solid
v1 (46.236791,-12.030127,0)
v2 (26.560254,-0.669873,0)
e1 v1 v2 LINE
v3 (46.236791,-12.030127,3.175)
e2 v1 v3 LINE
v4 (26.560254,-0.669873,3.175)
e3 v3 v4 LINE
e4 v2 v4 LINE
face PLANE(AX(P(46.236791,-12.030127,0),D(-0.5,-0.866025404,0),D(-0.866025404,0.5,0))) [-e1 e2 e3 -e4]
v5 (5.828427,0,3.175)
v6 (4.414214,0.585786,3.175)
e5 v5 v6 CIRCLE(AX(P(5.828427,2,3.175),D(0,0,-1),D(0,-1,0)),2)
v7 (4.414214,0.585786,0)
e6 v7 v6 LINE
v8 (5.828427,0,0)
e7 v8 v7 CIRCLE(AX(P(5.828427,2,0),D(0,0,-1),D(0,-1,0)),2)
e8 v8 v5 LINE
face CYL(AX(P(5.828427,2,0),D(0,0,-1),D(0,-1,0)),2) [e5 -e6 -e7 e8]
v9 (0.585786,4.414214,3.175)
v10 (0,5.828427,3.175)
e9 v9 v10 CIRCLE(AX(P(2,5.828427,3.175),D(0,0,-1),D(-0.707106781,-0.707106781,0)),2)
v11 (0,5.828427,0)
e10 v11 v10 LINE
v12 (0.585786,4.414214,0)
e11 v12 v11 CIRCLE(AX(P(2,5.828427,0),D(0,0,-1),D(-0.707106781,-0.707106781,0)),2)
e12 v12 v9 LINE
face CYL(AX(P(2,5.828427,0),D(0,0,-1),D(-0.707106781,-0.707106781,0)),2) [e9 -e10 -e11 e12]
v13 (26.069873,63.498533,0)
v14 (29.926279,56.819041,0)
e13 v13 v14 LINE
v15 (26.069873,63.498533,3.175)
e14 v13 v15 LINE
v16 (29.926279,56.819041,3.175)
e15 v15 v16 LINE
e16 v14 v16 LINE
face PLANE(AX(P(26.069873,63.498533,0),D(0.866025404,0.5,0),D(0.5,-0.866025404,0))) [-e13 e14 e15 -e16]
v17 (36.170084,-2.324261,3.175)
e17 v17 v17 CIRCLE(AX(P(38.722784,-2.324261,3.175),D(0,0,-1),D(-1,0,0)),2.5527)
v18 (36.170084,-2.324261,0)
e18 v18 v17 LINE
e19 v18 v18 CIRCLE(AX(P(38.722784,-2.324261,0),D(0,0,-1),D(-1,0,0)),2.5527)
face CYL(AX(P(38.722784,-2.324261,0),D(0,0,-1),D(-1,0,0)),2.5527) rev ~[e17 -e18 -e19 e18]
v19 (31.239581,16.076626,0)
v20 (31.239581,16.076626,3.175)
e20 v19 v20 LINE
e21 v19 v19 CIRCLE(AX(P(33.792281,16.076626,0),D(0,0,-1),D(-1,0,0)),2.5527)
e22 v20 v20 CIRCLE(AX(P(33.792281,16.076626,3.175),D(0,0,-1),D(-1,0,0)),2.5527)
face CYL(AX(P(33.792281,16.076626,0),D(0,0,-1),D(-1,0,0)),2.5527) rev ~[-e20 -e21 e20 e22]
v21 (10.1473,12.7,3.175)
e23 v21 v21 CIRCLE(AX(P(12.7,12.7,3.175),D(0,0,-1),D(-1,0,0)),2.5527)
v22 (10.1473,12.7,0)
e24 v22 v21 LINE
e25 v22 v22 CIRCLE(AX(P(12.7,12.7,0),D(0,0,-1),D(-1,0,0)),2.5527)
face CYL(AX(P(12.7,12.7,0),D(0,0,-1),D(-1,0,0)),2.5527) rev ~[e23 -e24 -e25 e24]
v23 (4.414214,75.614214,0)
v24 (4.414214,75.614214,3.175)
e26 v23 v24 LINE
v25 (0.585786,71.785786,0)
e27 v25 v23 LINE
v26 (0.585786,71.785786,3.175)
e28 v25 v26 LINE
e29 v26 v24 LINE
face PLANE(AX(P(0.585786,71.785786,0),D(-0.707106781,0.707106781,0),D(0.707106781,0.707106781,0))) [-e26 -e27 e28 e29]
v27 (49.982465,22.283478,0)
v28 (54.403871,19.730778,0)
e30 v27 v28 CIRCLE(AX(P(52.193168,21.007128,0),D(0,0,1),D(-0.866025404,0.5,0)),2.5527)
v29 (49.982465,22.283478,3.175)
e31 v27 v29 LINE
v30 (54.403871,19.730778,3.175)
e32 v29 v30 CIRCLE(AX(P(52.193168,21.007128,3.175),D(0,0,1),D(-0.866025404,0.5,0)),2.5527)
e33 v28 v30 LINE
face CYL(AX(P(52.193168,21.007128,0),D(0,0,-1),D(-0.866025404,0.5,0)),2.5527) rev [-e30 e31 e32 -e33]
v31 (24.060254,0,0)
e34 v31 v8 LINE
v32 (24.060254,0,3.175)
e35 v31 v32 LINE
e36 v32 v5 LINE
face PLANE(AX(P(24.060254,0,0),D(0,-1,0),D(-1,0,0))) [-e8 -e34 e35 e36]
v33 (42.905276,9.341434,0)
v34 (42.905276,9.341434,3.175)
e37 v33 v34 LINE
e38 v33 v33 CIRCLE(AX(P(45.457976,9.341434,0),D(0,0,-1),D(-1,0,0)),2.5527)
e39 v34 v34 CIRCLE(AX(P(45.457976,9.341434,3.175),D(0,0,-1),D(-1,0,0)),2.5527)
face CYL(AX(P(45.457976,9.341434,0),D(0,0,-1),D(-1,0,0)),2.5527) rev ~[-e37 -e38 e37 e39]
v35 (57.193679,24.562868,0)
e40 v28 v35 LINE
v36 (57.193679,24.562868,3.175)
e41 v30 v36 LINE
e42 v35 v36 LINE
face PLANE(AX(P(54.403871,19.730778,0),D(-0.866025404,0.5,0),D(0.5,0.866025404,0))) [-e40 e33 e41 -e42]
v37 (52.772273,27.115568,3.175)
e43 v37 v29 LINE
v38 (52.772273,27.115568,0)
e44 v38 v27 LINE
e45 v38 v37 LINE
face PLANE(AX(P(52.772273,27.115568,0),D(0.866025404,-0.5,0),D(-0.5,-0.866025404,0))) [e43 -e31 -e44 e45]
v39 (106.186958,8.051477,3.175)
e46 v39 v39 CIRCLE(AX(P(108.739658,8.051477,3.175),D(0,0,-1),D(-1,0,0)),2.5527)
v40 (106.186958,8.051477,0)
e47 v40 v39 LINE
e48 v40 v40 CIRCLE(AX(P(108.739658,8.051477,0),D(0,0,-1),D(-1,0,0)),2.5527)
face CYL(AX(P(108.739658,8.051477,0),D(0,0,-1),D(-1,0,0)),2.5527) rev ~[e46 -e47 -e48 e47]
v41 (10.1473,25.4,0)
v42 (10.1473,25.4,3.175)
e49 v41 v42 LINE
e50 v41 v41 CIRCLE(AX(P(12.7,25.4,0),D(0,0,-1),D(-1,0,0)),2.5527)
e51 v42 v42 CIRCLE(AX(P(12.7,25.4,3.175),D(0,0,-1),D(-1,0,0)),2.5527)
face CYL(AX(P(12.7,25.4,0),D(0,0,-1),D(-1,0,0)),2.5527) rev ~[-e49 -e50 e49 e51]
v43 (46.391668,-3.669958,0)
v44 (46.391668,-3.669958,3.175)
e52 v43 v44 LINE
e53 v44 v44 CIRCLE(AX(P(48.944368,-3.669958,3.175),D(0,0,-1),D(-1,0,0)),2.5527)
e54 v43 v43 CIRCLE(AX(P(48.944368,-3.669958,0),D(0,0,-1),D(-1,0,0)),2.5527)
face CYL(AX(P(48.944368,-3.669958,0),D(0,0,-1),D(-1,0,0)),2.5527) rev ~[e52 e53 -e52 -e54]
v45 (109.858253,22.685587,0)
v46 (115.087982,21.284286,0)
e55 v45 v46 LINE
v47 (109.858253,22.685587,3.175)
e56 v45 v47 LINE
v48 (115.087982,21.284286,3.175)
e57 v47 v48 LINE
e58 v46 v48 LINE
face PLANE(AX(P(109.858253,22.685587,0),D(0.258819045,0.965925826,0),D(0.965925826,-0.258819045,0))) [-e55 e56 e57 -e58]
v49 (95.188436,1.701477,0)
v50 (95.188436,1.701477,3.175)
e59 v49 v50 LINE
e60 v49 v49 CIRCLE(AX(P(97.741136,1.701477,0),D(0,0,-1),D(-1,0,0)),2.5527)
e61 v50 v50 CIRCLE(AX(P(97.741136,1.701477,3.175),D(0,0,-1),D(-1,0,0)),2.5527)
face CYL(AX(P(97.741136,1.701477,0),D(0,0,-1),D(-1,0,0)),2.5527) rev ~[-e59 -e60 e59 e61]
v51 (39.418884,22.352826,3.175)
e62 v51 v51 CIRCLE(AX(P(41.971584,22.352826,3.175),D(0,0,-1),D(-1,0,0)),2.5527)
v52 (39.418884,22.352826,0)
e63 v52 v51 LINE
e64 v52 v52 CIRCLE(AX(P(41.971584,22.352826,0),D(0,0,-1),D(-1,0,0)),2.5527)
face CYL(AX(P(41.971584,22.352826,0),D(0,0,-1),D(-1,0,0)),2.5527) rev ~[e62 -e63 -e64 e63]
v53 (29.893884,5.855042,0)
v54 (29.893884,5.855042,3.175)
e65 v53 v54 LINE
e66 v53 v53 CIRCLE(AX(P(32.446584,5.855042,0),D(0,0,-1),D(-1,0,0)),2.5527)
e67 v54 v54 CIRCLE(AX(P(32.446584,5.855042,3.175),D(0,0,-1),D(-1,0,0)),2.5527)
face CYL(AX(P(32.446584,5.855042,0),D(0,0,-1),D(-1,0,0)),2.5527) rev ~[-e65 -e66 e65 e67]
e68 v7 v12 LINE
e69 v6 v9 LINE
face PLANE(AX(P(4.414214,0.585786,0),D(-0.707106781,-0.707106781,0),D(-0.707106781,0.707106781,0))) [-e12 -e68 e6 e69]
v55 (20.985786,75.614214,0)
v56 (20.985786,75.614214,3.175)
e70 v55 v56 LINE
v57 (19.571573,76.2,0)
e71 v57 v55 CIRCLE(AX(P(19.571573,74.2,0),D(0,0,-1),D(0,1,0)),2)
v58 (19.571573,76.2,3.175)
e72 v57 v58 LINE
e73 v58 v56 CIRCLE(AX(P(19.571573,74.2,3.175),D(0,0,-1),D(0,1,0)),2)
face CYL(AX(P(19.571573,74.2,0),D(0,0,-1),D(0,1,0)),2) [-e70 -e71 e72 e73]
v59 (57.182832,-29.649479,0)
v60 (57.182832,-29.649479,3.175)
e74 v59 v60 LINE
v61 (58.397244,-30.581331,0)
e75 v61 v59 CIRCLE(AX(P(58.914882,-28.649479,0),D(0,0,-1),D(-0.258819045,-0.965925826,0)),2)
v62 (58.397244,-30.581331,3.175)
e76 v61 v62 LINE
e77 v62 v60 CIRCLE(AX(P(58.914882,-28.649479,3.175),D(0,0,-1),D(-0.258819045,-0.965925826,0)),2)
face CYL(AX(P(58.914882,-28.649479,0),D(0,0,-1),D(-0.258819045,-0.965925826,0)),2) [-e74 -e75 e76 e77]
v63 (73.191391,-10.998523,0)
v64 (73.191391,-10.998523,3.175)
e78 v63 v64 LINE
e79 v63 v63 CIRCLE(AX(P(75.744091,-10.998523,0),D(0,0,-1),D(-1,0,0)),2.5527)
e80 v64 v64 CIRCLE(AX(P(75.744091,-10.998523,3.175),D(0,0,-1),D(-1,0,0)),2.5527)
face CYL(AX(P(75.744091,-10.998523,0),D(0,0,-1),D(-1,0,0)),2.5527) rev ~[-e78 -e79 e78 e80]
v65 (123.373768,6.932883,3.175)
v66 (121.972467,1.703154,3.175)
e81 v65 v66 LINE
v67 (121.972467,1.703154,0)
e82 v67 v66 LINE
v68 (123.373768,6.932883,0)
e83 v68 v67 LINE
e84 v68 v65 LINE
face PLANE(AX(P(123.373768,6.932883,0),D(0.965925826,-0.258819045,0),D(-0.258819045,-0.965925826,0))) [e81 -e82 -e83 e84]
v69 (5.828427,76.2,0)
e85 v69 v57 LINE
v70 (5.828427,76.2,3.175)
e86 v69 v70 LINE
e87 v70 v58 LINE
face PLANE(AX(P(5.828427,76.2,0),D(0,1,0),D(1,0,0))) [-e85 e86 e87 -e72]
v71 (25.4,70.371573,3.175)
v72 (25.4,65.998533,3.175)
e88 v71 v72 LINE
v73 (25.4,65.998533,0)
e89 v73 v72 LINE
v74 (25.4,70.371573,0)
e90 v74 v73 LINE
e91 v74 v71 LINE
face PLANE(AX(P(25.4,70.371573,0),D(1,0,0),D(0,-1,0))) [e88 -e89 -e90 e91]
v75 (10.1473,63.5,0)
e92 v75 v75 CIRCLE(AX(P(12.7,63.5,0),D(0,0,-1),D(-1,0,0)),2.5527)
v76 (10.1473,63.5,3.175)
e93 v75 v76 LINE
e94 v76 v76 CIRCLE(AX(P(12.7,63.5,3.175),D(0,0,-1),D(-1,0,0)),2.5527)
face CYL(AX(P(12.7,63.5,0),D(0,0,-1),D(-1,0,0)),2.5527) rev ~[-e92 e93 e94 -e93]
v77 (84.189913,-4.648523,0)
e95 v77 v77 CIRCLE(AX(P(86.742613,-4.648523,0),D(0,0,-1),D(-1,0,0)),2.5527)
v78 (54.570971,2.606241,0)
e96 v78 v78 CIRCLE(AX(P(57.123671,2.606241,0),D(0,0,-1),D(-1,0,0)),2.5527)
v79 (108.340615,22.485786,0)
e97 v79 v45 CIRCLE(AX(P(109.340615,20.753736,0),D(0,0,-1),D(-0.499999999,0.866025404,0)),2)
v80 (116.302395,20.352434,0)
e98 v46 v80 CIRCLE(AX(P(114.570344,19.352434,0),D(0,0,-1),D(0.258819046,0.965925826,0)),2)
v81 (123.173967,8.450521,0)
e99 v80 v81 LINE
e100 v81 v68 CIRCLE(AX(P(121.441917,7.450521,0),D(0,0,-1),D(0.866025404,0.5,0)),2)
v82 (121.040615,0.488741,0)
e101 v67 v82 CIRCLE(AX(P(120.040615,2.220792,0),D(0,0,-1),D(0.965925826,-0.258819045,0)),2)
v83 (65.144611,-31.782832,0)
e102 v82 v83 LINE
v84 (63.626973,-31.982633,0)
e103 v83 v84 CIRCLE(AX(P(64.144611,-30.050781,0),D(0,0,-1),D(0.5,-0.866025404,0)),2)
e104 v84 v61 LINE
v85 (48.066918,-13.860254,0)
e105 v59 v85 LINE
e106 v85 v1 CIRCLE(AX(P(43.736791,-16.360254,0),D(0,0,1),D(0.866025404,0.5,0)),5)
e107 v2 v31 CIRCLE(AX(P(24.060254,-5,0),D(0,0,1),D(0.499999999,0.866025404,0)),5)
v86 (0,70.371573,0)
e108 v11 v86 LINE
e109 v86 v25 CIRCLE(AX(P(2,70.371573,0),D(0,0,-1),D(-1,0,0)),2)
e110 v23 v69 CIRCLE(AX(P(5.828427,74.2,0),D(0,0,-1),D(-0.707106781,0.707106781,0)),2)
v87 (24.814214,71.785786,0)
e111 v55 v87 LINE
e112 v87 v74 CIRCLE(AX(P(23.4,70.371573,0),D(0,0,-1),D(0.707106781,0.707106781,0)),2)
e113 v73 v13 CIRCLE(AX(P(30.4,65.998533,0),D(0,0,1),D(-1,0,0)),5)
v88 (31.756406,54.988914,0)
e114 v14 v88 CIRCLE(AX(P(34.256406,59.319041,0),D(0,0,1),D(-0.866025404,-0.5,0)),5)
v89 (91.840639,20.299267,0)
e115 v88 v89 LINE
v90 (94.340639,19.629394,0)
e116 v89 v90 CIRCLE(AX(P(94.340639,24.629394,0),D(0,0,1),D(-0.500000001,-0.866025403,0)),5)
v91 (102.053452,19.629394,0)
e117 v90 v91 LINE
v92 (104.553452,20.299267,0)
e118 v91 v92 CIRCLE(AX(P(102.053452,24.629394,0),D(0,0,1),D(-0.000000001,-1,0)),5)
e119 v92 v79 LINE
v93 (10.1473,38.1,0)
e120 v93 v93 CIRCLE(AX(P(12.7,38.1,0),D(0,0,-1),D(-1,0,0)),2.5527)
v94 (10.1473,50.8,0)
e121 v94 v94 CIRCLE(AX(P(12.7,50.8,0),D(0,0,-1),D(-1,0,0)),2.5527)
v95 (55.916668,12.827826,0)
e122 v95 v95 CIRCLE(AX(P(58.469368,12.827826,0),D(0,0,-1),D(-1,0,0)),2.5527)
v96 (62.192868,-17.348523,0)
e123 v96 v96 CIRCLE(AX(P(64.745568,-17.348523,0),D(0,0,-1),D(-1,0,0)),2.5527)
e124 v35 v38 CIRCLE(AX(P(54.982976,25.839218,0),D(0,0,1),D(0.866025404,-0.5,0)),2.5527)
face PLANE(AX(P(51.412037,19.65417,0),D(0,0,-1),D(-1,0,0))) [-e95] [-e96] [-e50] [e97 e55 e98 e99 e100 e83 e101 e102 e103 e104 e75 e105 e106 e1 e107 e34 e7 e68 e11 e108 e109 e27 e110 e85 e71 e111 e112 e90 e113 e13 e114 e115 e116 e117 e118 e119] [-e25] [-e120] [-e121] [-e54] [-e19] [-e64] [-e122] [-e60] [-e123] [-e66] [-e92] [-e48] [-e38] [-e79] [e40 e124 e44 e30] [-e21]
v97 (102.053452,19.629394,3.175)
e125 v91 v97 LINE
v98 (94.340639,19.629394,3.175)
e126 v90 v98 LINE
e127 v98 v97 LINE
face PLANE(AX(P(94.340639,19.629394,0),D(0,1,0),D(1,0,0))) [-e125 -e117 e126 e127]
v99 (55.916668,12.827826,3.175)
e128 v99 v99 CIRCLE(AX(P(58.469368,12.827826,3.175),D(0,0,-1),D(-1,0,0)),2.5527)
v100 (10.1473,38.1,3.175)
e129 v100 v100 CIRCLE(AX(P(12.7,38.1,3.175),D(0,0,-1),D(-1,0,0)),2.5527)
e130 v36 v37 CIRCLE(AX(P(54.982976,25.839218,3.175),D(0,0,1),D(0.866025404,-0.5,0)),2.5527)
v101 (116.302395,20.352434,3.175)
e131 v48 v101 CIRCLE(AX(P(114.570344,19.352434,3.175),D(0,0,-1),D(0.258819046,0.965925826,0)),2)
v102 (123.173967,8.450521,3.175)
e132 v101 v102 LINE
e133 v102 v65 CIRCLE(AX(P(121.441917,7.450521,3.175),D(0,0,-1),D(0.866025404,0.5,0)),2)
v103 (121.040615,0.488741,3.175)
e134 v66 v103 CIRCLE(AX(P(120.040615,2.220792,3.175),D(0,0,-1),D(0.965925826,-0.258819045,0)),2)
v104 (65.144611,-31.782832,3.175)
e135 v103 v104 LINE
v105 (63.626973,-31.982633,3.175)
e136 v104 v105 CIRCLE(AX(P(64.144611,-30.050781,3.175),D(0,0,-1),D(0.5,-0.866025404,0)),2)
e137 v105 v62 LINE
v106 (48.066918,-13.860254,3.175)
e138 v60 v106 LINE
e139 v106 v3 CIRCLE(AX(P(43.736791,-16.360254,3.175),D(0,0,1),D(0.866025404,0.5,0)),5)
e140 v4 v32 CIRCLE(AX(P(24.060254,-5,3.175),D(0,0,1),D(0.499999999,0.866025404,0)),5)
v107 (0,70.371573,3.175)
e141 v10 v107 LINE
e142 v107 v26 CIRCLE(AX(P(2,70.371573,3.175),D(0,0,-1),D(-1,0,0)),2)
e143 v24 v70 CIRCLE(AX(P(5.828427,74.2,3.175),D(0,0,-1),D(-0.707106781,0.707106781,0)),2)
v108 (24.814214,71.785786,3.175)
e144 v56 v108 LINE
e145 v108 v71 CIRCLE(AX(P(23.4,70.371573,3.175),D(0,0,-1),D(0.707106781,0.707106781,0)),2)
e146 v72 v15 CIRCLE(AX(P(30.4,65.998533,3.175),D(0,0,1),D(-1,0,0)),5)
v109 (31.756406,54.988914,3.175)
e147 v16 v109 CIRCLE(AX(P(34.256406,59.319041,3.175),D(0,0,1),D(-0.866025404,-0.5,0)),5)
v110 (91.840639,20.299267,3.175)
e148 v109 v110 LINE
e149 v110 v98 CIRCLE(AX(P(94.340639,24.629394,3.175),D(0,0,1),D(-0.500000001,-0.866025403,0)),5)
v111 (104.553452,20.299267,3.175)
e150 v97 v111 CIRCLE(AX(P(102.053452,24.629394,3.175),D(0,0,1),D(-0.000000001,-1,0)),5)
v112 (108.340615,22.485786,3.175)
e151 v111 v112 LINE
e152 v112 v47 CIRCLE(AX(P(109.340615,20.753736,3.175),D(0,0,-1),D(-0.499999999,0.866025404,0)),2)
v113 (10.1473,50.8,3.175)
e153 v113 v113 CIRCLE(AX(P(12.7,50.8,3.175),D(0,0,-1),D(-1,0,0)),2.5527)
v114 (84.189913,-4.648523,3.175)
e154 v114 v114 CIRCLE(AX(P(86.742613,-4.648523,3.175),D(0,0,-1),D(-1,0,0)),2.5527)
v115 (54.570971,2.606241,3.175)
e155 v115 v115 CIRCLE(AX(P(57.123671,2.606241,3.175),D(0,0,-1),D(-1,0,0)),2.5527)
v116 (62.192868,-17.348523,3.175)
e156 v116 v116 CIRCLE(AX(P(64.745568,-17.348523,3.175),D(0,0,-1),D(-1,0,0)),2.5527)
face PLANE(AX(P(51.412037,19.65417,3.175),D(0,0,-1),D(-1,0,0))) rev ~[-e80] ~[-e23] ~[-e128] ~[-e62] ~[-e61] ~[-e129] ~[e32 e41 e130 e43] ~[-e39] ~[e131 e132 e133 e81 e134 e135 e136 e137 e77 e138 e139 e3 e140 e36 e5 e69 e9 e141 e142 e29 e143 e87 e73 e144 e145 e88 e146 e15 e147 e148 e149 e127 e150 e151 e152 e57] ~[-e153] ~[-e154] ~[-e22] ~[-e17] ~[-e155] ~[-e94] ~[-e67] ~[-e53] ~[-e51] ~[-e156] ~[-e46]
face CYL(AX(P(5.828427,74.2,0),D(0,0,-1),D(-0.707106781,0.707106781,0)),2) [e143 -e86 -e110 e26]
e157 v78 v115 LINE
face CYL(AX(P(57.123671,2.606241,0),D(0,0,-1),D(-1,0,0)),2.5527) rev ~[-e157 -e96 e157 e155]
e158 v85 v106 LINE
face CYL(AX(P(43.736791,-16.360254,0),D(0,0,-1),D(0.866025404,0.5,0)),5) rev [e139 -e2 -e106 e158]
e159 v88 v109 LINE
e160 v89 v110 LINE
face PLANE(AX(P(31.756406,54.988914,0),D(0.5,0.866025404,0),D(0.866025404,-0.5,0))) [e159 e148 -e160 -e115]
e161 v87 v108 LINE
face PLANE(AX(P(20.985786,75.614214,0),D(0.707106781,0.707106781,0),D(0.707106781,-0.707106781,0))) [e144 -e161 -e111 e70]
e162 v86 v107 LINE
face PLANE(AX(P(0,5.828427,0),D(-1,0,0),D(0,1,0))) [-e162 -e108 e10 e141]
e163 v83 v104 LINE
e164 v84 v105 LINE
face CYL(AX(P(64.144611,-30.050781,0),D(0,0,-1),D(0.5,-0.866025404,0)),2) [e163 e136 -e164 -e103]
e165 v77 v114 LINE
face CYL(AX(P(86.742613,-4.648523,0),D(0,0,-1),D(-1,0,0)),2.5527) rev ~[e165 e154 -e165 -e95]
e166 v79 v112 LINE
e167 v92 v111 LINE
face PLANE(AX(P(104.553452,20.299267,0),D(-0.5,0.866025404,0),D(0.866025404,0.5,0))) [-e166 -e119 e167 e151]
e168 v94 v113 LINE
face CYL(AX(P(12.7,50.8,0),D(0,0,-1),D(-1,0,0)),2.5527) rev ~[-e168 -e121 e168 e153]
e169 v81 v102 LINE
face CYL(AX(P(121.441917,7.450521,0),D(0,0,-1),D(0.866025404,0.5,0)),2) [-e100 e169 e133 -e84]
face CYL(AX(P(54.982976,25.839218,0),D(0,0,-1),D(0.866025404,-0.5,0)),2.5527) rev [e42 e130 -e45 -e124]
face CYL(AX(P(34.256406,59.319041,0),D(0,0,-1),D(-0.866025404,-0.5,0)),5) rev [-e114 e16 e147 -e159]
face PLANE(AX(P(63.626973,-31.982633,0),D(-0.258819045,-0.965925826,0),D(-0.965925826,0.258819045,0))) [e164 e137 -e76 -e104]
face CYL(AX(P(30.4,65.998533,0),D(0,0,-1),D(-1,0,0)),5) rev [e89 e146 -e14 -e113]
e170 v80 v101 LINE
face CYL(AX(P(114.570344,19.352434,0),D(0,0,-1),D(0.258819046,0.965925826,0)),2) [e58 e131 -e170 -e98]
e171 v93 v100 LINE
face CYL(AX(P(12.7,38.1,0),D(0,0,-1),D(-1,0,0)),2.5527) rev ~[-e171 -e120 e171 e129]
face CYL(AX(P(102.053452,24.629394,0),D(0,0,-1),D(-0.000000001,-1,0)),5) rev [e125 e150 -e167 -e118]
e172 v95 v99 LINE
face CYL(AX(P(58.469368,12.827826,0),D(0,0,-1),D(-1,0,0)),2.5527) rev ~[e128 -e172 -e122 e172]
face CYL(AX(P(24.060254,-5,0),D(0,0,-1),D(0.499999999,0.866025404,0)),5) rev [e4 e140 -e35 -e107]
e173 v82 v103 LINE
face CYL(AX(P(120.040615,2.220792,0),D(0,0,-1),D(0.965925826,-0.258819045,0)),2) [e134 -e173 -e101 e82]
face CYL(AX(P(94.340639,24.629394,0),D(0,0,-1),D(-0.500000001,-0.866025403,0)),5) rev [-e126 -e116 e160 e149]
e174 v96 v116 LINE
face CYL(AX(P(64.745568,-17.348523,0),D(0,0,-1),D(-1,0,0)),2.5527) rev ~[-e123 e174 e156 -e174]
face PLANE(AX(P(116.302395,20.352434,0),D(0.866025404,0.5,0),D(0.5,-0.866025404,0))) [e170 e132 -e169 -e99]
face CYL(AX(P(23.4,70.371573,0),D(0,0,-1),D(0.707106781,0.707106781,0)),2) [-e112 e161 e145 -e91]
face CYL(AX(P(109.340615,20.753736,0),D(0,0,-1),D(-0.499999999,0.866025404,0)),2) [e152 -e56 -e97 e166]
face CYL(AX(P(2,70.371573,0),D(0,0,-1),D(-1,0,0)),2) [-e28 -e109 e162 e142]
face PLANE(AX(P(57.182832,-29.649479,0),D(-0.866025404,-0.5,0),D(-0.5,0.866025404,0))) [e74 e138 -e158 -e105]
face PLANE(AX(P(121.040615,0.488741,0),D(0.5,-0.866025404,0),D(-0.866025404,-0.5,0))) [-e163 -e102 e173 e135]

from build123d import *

# Parameters (mm, degrees)
SKETCH1_R           = 2.5527
BOSS_EXTRUDE1_DEPTH = 3.175


with BuildPart() as part:
    # Sketch1 → Boss-Extrude1 (new body)
    with BuildSketch(Plane(origin=(0, 0, 0), x_dir=(-1, 0, 0), z_dir=(0, 0, -1))):
        with BuildLine():
            Line((-4.414213562, 0.585786438), (-0.585786438, 4.414213562))
            ThreePointArc((-0.585786438, 4.414213562), (-0.152240935, 5.06306026), (0, 5.828427125))
            Line((0, 5.828427125), (0, 70.371572875))
            ThreePointArc((0, 70.371572875), (-0.152240935, 71.13693974), (-0.585786438, 71.785786438))
            Line((-0.585786438, 71.785786438), (-4.414213562, 75.614213562))
            ThreePointArc((-4.414213562, 75.614213562), (-5.06306026, 76.047759065), (-5.828427125, 76.2))
            Line((-5.828427125, 76.2), (-19.571572875, 76.2))
            ThreePointArc((-19.571572875, 76.2), (-20.33693974, 76.047759065), (-20.985786438, 75.614213562))
            Line((-20.985786438, 75.614213562), (-24.814213562, 71.785786438))
            ThreePointArc((-24.814213562, 71.785786438), (-25.247759065, 71.13693974), (-25.4, 70.371572875))
            Line((-25.4, 70.371572875), (-25.4, 65.998533312))
            ThreePointArc((-25.4, 65.998533312), (-25.570370869, 64.704438086), (-26.069872981, 63.498533312))
            Line((-26.069872981, 63.498533312), (-29.926279442, 56.819041388))
            ThreePointArc((-29.926279442, 56.819041388), (-30.720872555, 55.783507482), (-31.756406461, 54.988914369))
            Line((-31.756406461, 54.988914369), (-91.840638796, 20.299266656))
            ThreePointArc((-91.840638796, 20.299266656), (-93.04654357, 19.799764543), (-94.340638796, 19.629393675))
            Line((-94.340638796, 19.629393675), (-102.053451717, 19.629393675))
            ThreePointArc((-102.053451717, 19.629393675), (-103.347546942, 19.799764543), (-104.553451717, 20.299266656))
            Line((-104.553451717, 20.299266656), (-108.34061507, 22.485786438))
            ThreePointArc((-108.34061507, 22.485786438), (-109.079562686, 22.736625353), (-109.858253161, 22.685587283))
            Line((-109.858253161, 22.685587283), (-115.08798187, 21.284285698))
            ThreePointArc((-115.08798187, 21.284285698), (-115.787866637, 20.939140726), (-116.302394587, 20.352434046))
            Line((-116.302394587, 20.352434046), (-123.173967462, 8.450520698))
            ThreePointArc((-123.173967462, 8.450520698), (-123.424806377, 7.711573082), (-123.373768307, 6.932882608))
            Line((-123.373768307, 6.932882608), (-121.972466723, 1.703153899))
            ThreePointArc((-121.972466723, 1.703153899), (-121.627321751, 1.003269131), (-121.04061507, 0.488741182))
            Line((-121.04061507, 0.488741182), (-65.14461121, -31.782831694))
            ThreePointArc((-65.14461121, -31.782831694), (-64.405663595, -32.033670609), (-63.62697312, -31.982632539))
            Line((-63.62697312, -31.982632539), (-58.397244411, -30.581330955))
            ThreePointArc((-58.397244411, -30.581330955), (-57.697359643, -30.236185983), (-57.182831694, -29.649479302))
            Line((-57.182831694, -29.649479302), (-48.066918237, -13.860254038))
            ThreePointArc((-48.066918237, -13.860254038), (-47.272325124, -12.824720132), (-46.236791218, -12.030127019))
            Line((-46.236791218, -12.030127019), (-26.560254038, -0.669872981))
            ThreePointArc((-26.560254038, -0.669872981), (-25.354349263, -0.170370869), (-24.060254038, 0))
            Line((-24.060254038, 0), (-5.828427125, 0))
            ThreePointArc((-5.828427125, 0), (-5.06306026, 0.152240935), (-4.414213562, 0.585786438))
        make_face()
        with Locations((-33.792281133, 16.076625677)):
            Circle(SKETCH1_R, mode=Mode.SUBTRACT)
        with Locations((-57.123670933, 2.606241495)):
            Circle(SKETCH1_R, mode=Mode.SUBTRACT)
        with Locations((-32.446584062, 5.855041615)):
            Circle(SKETCH1_R, mode=Mode.SUBTRACT)
        with Locations((-48.944368004, -3.669958385)):
            Circle(SKETCH1_R, mode=Mode.SUBTRACT)
        with Locations((-12.7, 12.7)):
            Circle(SKETCH1_R, mode=Mode.SUBTRACT)
        with Locations((-12.7, 38.1)):
            Circle(SKETCH1_R, mode=Mode.SUBTRACT)
        with Locations((-12.7, 63.5)):
            Circle(SKETCH1_R, mode=Mode.SUBTRACT)
        with Locations((-64.745567884, -17.348522628)):
            Circle(SKETCH1_R, mode=Mode.SUBTRACT)
        with Locations((-86.74261314, -4.648522628)):
            Circle(SKETCH1_R, mode=Mode.SUBTRACT)
        with Locations((-108.739658396, 8.051477372)):
            Circle(SKETCH1_R, mode=Mode.SUBTRACT)
        with Locations((-12.7, 25.4)):
            Circle(SKETCH1_R, mode=Mode.SUBTRACT)
        with Locations((-12.7, 50.8)):
            Circle(SKETCH1_R, mode=Mode.SUBTRACT)
        with Locations((-75.744090512, -10.998522628)):
            Circle(SKETCH1_R, mode=Mode.SUBTRACT)
        with Locations((-97.741135768, 1.701477372)):
            Circle(SKETCH1_R, mode=Mode.SUBTRACT)
        with Locations((-41.971584062, 22.352825557)):
            Circle(SKETCH1_R, mode=Mode.SUBTRACT)
        with Locations((-58.469368004, 12.827825557)):
            Circle(SKETCH1_R, mode=Mode.SUBTRACT)
        with Locations((-45.457976033, 9.341433586)):
            Circle(SKETCH1_R, mode=Mode.SUBTRACT)
        with Locations((-38.722783942, -2.324261314)):
            Circle(SKETCH1_R, mode=Mode.SUBTRACT)
        with BuildLine():
            Line((-54.403871172, 19.730778486), (-57.193679081, 24.562867528))
            ThreePointArc((-57.193679081, 24.562867528), (-56.259326033, 28.049920576), (-52.772272985, 27.115567528))
            Line((-52.772272985, 27.115567528), (-49.982465075, 22.283478486))
            ThreePointArc((-49.982465075, 22.283478486), (-50.916818124, 18.796425438), (-54.403871172, 19.730778486))
        make_face(mode=Mode.SUBTRACT)
    extrude(amount=-BOSS_EXTRUDE1_DEPTH)


solid = part.part
